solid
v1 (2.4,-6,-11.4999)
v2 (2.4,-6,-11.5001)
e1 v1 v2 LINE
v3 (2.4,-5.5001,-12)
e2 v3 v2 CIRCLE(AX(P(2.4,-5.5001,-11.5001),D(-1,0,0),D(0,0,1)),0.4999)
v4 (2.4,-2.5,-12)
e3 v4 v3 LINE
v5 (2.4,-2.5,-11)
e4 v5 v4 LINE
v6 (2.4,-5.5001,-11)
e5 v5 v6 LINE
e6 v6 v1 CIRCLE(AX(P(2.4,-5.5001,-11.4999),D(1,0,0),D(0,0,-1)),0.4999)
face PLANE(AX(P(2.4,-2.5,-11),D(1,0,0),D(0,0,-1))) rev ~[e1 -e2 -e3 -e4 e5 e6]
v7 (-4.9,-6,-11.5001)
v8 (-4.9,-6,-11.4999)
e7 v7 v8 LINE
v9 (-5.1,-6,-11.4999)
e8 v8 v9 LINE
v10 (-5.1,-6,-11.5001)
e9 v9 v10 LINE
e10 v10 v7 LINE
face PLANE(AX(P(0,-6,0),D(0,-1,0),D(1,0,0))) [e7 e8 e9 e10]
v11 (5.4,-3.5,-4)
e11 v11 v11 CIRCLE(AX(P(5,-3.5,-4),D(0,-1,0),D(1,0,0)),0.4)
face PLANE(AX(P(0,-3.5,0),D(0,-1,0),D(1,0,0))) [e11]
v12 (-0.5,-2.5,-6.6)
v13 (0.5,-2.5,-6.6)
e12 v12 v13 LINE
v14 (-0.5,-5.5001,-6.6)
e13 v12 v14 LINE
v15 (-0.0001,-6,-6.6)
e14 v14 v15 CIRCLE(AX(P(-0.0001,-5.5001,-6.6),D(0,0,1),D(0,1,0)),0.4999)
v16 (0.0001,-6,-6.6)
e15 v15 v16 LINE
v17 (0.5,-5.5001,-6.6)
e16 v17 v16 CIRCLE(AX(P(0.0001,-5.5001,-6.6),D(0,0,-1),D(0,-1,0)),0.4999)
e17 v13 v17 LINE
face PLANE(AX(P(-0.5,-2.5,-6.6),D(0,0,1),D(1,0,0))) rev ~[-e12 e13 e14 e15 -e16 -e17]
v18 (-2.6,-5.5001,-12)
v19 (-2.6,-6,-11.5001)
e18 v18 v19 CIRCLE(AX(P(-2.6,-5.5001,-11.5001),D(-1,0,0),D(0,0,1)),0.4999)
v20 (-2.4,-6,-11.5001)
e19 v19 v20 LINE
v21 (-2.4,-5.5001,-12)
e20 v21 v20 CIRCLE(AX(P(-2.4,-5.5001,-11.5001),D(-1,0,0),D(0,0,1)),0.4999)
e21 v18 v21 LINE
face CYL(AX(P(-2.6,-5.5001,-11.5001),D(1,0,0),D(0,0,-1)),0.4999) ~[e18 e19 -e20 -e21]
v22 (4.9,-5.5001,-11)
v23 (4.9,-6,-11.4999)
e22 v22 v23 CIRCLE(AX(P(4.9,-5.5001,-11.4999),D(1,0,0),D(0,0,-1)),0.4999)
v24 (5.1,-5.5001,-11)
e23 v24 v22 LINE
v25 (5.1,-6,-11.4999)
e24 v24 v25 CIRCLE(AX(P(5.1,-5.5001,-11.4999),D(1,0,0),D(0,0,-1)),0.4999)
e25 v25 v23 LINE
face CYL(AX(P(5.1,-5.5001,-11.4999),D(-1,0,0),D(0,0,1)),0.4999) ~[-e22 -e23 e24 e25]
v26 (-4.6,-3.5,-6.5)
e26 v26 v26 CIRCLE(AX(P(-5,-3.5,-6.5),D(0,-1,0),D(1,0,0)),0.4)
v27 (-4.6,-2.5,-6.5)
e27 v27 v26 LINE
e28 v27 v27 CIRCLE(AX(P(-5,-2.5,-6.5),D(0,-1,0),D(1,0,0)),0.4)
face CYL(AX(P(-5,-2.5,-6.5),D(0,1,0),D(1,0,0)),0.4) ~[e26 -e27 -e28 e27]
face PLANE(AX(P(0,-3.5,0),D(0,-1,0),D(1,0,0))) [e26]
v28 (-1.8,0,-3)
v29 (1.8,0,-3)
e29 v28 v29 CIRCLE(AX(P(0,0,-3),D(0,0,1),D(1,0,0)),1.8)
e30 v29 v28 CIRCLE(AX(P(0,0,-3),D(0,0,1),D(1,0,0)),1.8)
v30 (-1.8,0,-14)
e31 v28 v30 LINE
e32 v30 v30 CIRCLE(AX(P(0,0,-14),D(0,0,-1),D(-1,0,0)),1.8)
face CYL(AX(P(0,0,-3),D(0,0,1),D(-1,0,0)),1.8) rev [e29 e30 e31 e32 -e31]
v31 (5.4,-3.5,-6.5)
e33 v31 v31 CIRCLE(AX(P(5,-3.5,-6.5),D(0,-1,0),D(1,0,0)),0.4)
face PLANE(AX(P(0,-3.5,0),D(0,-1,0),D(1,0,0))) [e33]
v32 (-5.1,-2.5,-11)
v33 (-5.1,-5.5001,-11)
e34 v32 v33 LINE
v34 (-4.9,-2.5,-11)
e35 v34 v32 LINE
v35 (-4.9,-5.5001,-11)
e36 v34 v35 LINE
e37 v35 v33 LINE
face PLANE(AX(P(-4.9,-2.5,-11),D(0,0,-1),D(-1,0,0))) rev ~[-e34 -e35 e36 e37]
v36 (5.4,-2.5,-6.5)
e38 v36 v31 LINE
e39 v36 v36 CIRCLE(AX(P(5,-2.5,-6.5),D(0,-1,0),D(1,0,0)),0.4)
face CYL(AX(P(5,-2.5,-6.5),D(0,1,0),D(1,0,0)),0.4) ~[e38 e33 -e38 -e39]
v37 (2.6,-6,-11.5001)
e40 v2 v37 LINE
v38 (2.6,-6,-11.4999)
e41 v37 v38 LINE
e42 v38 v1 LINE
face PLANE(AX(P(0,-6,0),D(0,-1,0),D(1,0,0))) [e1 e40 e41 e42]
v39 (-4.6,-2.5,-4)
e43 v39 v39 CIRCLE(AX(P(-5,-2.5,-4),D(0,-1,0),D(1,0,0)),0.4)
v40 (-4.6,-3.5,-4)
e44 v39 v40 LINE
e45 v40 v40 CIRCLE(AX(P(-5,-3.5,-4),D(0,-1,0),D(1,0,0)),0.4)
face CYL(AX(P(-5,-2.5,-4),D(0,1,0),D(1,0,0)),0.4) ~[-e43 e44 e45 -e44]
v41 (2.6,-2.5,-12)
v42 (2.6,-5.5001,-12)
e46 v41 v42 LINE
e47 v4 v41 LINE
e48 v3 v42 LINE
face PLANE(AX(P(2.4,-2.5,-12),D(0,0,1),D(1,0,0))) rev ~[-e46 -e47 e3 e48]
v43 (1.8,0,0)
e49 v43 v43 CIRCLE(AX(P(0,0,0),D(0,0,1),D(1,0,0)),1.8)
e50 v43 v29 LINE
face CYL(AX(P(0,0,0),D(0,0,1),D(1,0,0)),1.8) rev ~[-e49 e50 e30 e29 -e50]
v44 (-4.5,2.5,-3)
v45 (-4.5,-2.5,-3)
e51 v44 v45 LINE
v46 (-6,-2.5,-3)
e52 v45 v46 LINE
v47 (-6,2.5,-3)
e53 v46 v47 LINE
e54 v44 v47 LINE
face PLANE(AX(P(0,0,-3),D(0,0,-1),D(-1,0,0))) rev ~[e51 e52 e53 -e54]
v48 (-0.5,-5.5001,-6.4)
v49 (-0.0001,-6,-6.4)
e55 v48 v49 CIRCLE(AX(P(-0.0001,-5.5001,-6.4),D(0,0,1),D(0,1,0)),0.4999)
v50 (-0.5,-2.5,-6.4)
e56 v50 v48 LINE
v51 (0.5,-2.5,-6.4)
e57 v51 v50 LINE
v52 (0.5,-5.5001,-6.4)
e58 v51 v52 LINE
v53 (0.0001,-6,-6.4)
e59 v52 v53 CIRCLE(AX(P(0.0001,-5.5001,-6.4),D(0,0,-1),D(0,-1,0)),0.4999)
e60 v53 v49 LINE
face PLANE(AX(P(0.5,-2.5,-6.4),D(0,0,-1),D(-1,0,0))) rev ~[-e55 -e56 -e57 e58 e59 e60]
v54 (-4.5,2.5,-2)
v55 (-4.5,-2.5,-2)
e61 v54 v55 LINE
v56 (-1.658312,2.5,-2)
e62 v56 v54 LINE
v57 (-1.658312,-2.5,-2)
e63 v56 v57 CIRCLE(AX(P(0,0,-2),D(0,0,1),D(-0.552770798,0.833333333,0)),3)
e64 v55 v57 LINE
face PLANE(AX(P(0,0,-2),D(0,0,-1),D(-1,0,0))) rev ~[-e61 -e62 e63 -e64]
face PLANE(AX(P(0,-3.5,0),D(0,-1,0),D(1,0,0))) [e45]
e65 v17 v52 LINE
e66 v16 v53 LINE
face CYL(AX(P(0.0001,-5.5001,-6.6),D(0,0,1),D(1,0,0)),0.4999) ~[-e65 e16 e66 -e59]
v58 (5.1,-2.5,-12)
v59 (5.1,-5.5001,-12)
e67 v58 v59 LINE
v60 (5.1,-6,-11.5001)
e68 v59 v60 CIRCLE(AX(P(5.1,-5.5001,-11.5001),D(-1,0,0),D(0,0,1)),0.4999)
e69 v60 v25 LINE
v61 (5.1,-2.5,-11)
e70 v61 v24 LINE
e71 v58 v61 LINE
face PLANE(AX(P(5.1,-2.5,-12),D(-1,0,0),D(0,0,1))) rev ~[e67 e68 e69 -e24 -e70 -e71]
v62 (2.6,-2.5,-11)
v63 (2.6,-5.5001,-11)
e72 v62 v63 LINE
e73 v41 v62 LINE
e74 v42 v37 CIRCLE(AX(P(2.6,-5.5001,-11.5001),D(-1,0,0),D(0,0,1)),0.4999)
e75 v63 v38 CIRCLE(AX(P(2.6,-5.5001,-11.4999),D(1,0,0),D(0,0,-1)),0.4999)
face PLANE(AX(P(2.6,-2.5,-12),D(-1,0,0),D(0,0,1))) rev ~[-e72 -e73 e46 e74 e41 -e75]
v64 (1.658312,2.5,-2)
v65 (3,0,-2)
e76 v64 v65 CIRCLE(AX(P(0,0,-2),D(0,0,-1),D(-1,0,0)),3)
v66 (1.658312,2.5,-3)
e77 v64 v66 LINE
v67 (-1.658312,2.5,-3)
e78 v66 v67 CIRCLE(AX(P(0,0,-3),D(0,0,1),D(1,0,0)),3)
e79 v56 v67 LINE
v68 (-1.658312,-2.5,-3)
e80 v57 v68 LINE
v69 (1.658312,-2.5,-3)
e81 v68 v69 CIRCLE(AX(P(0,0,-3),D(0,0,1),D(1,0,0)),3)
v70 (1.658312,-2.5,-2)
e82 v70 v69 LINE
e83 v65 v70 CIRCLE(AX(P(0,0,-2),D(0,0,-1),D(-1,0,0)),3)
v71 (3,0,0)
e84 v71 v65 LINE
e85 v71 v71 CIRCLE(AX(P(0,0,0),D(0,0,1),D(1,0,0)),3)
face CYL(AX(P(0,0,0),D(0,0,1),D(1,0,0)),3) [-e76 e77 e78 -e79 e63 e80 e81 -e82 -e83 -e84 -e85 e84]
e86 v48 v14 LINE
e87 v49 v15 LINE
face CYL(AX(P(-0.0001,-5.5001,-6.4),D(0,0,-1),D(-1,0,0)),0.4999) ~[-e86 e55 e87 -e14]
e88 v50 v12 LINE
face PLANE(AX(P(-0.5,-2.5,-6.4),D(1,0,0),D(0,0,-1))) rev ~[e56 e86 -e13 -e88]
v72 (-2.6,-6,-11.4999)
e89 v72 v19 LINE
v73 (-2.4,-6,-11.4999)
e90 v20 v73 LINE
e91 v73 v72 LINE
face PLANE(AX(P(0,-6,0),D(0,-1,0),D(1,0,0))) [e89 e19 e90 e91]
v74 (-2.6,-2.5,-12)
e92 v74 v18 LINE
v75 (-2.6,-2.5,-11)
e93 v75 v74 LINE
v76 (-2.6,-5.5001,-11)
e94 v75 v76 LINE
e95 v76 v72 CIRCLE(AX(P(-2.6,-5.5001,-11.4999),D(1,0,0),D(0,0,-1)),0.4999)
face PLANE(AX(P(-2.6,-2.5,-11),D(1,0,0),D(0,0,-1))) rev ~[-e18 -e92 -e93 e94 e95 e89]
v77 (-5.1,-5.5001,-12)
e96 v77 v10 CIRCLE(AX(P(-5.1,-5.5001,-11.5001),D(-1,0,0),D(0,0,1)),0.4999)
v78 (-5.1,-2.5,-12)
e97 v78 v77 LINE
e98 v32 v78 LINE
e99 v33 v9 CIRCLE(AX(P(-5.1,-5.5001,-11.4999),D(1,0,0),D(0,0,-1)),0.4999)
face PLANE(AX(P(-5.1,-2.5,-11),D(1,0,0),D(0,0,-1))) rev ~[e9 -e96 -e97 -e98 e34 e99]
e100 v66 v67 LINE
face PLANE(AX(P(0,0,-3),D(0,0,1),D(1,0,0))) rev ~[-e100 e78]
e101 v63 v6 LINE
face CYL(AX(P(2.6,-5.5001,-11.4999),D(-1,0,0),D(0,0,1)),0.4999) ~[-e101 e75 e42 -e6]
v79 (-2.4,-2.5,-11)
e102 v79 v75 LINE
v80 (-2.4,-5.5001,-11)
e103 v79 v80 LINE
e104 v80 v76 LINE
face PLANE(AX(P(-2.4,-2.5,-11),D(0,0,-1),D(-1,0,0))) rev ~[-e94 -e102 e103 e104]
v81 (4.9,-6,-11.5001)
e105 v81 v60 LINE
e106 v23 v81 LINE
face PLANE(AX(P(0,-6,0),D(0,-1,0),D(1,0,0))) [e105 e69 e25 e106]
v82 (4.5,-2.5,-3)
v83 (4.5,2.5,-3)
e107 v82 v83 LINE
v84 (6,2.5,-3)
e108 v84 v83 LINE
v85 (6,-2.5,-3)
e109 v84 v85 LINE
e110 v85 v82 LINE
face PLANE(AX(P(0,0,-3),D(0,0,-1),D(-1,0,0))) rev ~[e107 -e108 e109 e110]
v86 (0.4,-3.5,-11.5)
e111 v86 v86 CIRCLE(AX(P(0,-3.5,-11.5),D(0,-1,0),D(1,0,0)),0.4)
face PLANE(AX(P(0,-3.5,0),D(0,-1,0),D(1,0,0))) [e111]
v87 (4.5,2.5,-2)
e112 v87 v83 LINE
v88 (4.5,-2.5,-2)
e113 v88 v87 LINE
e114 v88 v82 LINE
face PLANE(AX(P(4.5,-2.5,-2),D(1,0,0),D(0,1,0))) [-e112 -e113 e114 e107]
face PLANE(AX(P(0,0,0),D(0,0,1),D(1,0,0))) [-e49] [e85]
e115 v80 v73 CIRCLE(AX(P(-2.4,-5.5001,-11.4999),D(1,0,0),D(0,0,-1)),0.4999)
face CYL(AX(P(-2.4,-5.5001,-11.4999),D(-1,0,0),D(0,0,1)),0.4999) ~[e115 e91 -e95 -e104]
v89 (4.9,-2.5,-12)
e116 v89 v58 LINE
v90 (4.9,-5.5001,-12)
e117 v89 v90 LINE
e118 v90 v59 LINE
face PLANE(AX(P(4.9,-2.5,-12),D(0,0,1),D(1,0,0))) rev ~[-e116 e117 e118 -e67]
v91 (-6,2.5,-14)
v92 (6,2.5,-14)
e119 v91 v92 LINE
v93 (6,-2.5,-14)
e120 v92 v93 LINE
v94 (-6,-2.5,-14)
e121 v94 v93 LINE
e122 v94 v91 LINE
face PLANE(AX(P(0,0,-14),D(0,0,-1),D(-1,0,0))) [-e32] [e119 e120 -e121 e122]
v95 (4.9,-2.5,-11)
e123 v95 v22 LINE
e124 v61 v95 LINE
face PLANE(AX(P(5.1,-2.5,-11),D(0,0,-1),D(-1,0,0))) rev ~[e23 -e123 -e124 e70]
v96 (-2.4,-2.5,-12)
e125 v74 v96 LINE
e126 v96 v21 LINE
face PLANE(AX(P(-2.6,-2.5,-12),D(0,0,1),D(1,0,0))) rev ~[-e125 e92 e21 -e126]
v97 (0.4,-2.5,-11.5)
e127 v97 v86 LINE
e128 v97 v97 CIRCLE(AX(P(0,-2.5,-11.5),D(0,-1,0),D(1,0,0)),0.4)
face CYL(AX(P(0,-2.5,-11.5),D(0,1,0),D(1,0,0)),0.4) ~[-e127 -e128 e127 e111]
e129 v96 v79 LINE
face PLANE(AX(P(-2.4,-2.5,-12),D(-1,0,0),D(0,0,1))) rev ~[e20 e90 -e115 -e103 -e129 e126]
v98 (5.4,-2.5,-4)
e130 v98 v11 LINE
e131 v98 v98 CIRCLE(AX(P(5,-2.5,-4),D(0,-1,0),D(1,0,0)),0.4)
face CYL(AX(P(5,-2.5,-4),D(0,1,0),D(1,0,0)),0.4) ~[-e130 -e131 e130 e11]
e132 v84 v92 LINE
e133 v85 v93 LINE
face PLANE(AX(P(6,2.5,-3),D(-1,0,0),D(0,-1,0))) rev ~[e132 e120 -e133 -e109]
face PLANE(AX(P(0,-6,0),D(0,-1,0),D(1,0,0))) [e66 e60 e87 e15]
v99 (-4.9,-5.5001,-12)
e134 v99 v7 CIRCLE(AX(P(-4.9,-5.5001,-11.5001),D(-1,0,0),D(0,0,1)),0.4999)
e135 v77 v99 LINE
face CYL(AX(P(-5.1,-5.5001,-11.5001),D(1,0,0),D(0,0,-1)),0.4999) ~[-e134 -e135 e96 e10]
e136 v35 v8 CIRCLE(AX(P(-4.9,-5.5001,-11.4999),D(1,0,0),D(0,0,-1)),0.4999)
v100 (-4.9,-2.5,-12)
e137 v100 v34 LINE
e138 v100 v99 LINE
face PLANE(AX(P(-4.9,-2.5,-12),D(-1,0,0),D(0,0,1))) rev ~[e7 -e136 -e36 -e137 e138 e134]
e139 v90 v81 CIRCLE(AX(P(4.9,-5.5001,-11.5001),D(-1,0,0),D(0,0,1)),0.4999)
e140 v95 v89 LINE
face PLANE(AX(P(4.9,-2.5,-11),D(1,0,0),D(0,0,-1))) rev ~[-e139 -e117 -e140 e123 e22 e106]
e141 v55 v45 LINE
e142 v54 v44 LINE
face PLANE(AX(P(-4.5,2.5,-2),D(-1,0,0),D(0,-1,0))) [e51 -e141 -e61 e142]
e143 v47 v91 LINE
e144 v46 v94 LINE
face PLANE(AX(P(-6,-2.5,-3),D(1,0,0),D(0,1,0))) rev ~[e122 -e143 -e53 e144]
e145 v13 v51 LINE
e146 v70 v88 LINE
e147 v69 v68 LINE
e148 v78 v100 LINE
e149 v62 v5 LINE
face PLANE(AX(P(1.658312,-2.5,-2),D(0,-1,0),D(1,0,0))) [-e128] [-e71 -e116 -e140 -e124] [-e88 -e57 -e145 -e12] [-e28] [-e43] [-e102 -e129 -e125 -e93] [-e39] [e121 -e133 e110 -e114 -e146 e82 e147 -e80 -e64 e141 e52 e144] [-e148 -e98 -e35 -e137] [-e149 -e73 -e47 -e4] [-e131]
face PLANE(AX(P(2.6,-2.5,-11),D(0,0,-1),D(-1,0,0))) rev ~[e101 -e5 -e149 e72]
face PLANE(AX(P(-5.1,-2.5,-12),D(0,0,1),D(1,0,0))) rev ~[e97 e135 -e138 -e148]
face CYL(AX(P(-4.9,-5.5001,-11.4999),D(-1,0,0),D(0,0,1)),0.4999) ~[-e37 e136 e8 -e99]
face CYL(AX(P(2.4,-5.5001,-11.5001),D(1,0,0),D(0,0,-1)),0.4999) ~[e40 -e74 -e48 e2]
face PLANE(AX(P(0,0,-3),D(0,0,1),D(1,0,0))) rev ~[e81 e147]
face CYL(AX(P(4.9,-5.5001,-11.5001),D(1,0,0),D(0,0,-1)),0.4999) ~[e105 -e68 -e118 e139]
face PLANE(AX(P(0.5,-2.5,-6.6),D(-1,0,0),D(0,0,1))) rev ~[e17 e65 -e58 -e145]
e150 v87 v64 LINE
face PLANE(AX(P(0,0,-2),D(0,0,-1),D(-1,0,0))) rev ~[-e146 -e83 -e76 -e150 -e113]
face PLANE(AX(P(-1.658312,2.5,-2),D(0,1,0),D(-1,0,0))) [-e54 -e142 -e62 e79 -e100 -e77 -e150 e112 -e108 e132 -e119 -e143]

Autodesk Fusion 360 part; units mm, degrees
sketch "Sketch1" plane through (0, 0, 0) normal (0, 0, 1) x (1, 0, 0) in component "PJ3F07-5P"
  circle A0 centre (0, 0) radius 1.8
  circle A1 centre (0, 0) radius 3
  dimension "d1" = 3.6
  dimension "d2" = 6
extrude "Extrude1" add sketch "Sketch1" against normal blind 3 in component "PJ3F07-5P"
ref_plane "WorkPlane1" through (0, 0, -2) normal (0, 0, -1) x (-1, 0, 0) in component "PJ3F07-5P"
sketch "Sketch2" plane through (0, 0, -2) normal (0, 0, -1) x (-1, 0, 0) in component "PJ3F07-5P"
  line L0 (-4.5, 2.5) -> (4.5, 2.5)
  line L1 (4.5, 2.5) -> (4.5, -2.5)
  line L2 (4.5, -2.5) -> (-4.5, -2.5)
  line L3 (-4.5, -2.5) -> (-4.5, 2.5)
  line L4 (-4.5, 2.5) -> (4.5, -2.5) construction
  line L5 (4.5, 2.5) -> (-4.5, -2.5) construction
  circle A0 centre (0, 0) radius 1.8
  circle A1 centre (0, 0) radius 3
  dimension "d6" = 9
  dimension "d7" = 5
extrude "Extrude2" add sketch "Sketch2" along normal blind 1 contours L0 L2 L3 A1 | L0 L1 L2 A1 in component "PJ3F07-5P"
sketch "Sketch3" plane through (0, 0, -3) normal (0, 0, -1) x (-1, 0, 0) in component "PJ3F07-5P"
  circle A0 centre (0, 0) radius 1.8
  arc A1 (-1.6583, -2.5) -> (1.6583, -2.5) centre (0, 0) ccw
  line L0 (1.6583, -2.5) -> (4.5, -2.5)
  line L1 (4.5, -2.5) -> (4.5, 2.5)
  line L2 (4.5, 2.5) -> (1.6583, 2.5)
  arc A2 (1.6583, 2.5) -> (-1.6583, 2.5) centre (0, 0) ccw
  line L3 (-1.6583, 2.5) -> (-4.5, 2.5)
  line L4 (-4.5, 2.5) -> (-4.5, -2.5)
  line L5 (-4.5, -2.5) -> (-1.6583, -2.5)
  line L6 (6, 2.5) -> (-6, 2.5)
  line L7 (-6, 2.5) -> (-6, -2.5)
  line L8 (-6, -2.5) -> (6, -2.5)
  line L9 (6, -2.5) -> (6, 2.5)
  line L10 (6, 2.5) -> (-6, -2.5) construction
  line L11 (-6, 2.5) -> (6, -2.5) construction
  dimension "d10" = 12
  dimension "d11" = 5
extrude "Extrude3" add sketch "Sketch3" along normal blind 11 contours L0 L1 L2 L3 L4 L5 L6 L8 | L4 L6 L7 L8 | L1 L6 L8 L9 in component "PJ3F07-5P"
sketch "Sketch4" plane through (0, -2.5, 0) normal (0, -1, 0) x (1, 0, 0) in component "PJ3F07-5P"
  line L0 (-1.6583, -2) -> (-4.5, -2)
  line L1 (-4.5, -2) -> (-4.5, -3)
  line L2 (-4.5, -3) -> (-6, -3)
  line L3 (-6, -3) -> (-6, -14)
  line L4 (-6, -14) -> (6, -14)
  line L5 (6, -14) -> (6, -3)
  line L6 (6, -3) -> (4.5, -3)
  line L7 (4.5, -3) -> (4.5, -2)
  line L8 (4.5, -2) -> (1.6583, -2)
  line L9 (1.6583, -2) -> (1.6583, -3)
  line L10 (1.6583, -3) -> (-1.6583, -3)
  line L11 (-1.6583, -3) -> (-1.6583, -2)
  circle A0 centre (5, -4) radius 0.5
  circle A1 centre (5, -6.5) radius 0.5
  circle A2 centre (-5, -4) radius 0.5
  circle A3 centre (-5, -6.5) radius 0.5
  circle A4 centre (0, -11.5) radius 0.5
  line L12 (0.75, -6.9) -> (-0.75, -6.9)
  line L13 (-0.75, -6.9) -> (-0.75, -6.1)
  line L14 (-0.75, -6.1) -> (0.75, -6.1)
  line L15 (0.75, -6.1) -> (0.75, -6.9)
  line L16 (0.75, -6.9) -> (-0.75, -6.1) construction
  line L17 (-0.75, -6.9) -> (0.75, -6.1) construction
  line L18 (-2.9, -12.25) -> (-2.1, -12.25)
  line L19 (-2.1, -12.25) -> (-2.1, -10.75)
  line L20 (-2.1, -10.75) -> (-2.9, -10.75)
  line L21 (-2.9, -10.75) -> (-2.9, -12.25)
  line L22 (-2.9, -12.25) -> (-2.1, -10.75) construction
  line L23 (-2.1, -12.25) -> (-2.9, -10.75) construction
  line L24 (-5.4, -12.25) -> (-4.6, -12.25)
  line L25 (-4.6, -12.25) -> (-4.6, -10.75)
  line L26 (-4.6, -10.75) -> (-5.4, -10.75)
  line L27 (-5.4, -10.75) -> (-5.4, -12.25)
  line L28 (-5.4, -12.25) -> (-4.6, -10.75) construction
  line L29 (-4.6, -12.25) -> (-5.4, -10.75) construction
  line L30 (4.6, -12.25) -> (5.4, -12.25)
  line L31 (5.4, -12.25) -> (5.4, -10.75)
  line L32 (5.4, -10.75) -> (4.6, -10.75)
  line L33 (4.6, -10.75) -> (4.6, -12.25)
  line L34 (4.6, -12.25) -> (5.4, -10.75) construction
  line L35 (5.4, -12.25) -> (4.6, -10.75) construction
  line L36 (2.1, -12.25) -> (2.9, -12.25)
  line L37 (2.9, -12.25) -> (2.9, -10.75)
  line L38 (2.9, -10.75) -> (2.1, -10.75)
  line L39 (2.1, -10.75) -> (2.1, -12.25)
  line L40 (2.1, -12.25) -> (2.9, -10.75) construction
  line L41 (2.9, -12.25) -> (2.1, -10.75) construction
  line L42 (-1.6583, -2) -> (1.6583, -2) construction
  line L43 (0, -2) -> (0, -14) construction
  line L44 (-5, -14) -> (-5, -3) construction
  line L45 (5, -14) -> (5, -3) construction
  line L46 (5.1, -11) -> (4.9, -11)
  line L47 (4.9, -11) -> (4.9, -12)
  line L48 (4.9, -12) -> (5.1, -12)
  line L49 (5.1, -12) -> (5.1, -11)
  line L50 (5.1, -11) -> (4.9, -12) construction
  line L51 (4.9, -11) -> (5.1, -12) construction
  line L52 (2.6, -11) -> (2.4, -11)
  line L53 (2.4, -11) -> (2.4, -12)
  line L54 (2.4, -12) -> (2.6, -12)
  line L55 (2.6, -12) -> (2.6, -11)
  line L56 (2.6, -11) -> (2.4, -12) construction
  line L57 (2.4, -11) -> (2.6, -12) construction
  line L58 (-2.4, -11) -> (-2.6, -11)
  line L59 (-2.6, -11) -> (-2.6, -12)
  line L60 (-2.6, -12) -> (-2.4, -12)
  line L61 (-2.4, -12) -> (-2.4, -11)
  line L62 (-2.4, -11) -> (-2.6, -12) construction
  line L63 (-2.6, -11) -> (-2.4, -12) construction
  line L64 (-4.9, -11) -> (-5.1, -11)
  line L65 (-5.1, -11) -> (-5.1, -12)
  line L66 (-5.1, -12) -> (-4.9, -12)
  line L67 (-4.9, -12) -> (-4.9, -11)
  line L68 (-4.9, -11) -> (-5.1, -12) construction
  line L69 (-5.1, -11) -> (-4.9, -12) construction
  line L70 (0.5, -6.4) -> (-0.5, -6.4)
  line L71 (-0.5, -6.4) -> (-0.5, -6.6)
  line L72 (-0.5, -6.6) -> (0.5, -6.6)
  line L73 (0.5, -6.6) -> (0.5, -6.4)
  line L74 (0.5, -6.4) -> (-0.5, -6.6) construction
  line L75 (-0.5, -6.4) -> (0.5, -6.6) construction
  circle A5 centre (-5, -4) radius 0.4
  circle A6 centre (-5, -6.5) radius 0.4
  circle A7 centre (0, -11.5) radius 0.4
  circle A8 centre (5, -6.5) radius 0.4
  circle A9 centre (5, -4) radius 0.4
  point P0 (0, -6.5)
  point P1 (-2.5, -11.5)
  point P2 (-5, -11.5)
  point P3 (5, -11.5)
  point P4 (2.5, -11.5)
  point P5 (5, -11.5)
  point P6 (2.5, -11.5)
  point P7 (-2.5, -11.5)
  point P8 (-5, -11.5)
  point P9 (0, -6.5)
  dimension "d14" = 1
  dimension "d15" = 1
  dimension "d16" = 1
  dimension "d17" = 1
  dimension "d18" = 1
  dimension "d19" = 1
  dimension "d20" = 0.8
  dimension "d21" = 1.5
  dimension "d23" = 2.5
  dimension "d24" = 4.5
  dimension "d25" = 1
  dimension "d26" = 2.5
  dimension "d27" = 1.5
  dimension "d28" = 0.8
  dimension "d29" = 0.8
  dimension "d30" = 1.5
  dimension "d31" = 1.5
  dimension "d32" = 0.8
  dimension "d33" = 0.8
  dimension "d34" = 1.5
  dimension "d35" = 5
  dimension "d36" = 2.5
  dimension "d37" = 10
  dimension "d38" = 5
  dimension "d39" = 5
  dimension "d40" = 9.5
  dimension "d41" = 9.5
  dimension "d42" = 9.5
  dimension "d43" = 9.5
  dimension "d44" = 1
  dimension "d45" = 1
  dimension "d48" = 0.2
  dimension "d49" = 1
  dimension "d50" = 1
  dimension "d51" = 0.2
  dimension "d52" = 0.2
  dimension "d53" = 1
  dimension "d54" = 0.2
  dimension "d55" = 1
  dimension "d56" = 1
  dimension "d57" = 0.2
  dimension "d58" = 0.8
  dimension "d59" = 0.8
  dimension "d60" = 0.8
  dimension "d61" = 0.8
  dimension "d62" = 0.8
extrude "Extrude5" add sketch "Sketch4" along normal blind 1 contours A5 | A6 | A7 | A8 | A9 in component "PJ3F07-5P"
extrude "Extrude6" add sketch "Sketch4" along normal blind 3.5 contours L46 L47 L48 L49 | L52 L53 L54 L55 | L58 L59 L60 L61 | L64 L65 L66 L67 | L70 L71 L72 L73 in component "PJ3F07-5P"
fillet "Fillet1" radius 0.5 10 edges at (-5, -6, -12) (-5, -6, -11) (-2.5, -6, -12) (-2.5, -6, -11) (2.5, -6, -12) (2.5, -6, -11) (5, -6, -12) (5, -6, -11) (0.5, -6, -6.5) (-0.5, -6, -6.5) in component "PJ3F07-5P"
component "PJ3F07-5P" placed x (1, 0, 0) y (0, 1, 0) z (0, 0, 1) at (0, 0, 0)
